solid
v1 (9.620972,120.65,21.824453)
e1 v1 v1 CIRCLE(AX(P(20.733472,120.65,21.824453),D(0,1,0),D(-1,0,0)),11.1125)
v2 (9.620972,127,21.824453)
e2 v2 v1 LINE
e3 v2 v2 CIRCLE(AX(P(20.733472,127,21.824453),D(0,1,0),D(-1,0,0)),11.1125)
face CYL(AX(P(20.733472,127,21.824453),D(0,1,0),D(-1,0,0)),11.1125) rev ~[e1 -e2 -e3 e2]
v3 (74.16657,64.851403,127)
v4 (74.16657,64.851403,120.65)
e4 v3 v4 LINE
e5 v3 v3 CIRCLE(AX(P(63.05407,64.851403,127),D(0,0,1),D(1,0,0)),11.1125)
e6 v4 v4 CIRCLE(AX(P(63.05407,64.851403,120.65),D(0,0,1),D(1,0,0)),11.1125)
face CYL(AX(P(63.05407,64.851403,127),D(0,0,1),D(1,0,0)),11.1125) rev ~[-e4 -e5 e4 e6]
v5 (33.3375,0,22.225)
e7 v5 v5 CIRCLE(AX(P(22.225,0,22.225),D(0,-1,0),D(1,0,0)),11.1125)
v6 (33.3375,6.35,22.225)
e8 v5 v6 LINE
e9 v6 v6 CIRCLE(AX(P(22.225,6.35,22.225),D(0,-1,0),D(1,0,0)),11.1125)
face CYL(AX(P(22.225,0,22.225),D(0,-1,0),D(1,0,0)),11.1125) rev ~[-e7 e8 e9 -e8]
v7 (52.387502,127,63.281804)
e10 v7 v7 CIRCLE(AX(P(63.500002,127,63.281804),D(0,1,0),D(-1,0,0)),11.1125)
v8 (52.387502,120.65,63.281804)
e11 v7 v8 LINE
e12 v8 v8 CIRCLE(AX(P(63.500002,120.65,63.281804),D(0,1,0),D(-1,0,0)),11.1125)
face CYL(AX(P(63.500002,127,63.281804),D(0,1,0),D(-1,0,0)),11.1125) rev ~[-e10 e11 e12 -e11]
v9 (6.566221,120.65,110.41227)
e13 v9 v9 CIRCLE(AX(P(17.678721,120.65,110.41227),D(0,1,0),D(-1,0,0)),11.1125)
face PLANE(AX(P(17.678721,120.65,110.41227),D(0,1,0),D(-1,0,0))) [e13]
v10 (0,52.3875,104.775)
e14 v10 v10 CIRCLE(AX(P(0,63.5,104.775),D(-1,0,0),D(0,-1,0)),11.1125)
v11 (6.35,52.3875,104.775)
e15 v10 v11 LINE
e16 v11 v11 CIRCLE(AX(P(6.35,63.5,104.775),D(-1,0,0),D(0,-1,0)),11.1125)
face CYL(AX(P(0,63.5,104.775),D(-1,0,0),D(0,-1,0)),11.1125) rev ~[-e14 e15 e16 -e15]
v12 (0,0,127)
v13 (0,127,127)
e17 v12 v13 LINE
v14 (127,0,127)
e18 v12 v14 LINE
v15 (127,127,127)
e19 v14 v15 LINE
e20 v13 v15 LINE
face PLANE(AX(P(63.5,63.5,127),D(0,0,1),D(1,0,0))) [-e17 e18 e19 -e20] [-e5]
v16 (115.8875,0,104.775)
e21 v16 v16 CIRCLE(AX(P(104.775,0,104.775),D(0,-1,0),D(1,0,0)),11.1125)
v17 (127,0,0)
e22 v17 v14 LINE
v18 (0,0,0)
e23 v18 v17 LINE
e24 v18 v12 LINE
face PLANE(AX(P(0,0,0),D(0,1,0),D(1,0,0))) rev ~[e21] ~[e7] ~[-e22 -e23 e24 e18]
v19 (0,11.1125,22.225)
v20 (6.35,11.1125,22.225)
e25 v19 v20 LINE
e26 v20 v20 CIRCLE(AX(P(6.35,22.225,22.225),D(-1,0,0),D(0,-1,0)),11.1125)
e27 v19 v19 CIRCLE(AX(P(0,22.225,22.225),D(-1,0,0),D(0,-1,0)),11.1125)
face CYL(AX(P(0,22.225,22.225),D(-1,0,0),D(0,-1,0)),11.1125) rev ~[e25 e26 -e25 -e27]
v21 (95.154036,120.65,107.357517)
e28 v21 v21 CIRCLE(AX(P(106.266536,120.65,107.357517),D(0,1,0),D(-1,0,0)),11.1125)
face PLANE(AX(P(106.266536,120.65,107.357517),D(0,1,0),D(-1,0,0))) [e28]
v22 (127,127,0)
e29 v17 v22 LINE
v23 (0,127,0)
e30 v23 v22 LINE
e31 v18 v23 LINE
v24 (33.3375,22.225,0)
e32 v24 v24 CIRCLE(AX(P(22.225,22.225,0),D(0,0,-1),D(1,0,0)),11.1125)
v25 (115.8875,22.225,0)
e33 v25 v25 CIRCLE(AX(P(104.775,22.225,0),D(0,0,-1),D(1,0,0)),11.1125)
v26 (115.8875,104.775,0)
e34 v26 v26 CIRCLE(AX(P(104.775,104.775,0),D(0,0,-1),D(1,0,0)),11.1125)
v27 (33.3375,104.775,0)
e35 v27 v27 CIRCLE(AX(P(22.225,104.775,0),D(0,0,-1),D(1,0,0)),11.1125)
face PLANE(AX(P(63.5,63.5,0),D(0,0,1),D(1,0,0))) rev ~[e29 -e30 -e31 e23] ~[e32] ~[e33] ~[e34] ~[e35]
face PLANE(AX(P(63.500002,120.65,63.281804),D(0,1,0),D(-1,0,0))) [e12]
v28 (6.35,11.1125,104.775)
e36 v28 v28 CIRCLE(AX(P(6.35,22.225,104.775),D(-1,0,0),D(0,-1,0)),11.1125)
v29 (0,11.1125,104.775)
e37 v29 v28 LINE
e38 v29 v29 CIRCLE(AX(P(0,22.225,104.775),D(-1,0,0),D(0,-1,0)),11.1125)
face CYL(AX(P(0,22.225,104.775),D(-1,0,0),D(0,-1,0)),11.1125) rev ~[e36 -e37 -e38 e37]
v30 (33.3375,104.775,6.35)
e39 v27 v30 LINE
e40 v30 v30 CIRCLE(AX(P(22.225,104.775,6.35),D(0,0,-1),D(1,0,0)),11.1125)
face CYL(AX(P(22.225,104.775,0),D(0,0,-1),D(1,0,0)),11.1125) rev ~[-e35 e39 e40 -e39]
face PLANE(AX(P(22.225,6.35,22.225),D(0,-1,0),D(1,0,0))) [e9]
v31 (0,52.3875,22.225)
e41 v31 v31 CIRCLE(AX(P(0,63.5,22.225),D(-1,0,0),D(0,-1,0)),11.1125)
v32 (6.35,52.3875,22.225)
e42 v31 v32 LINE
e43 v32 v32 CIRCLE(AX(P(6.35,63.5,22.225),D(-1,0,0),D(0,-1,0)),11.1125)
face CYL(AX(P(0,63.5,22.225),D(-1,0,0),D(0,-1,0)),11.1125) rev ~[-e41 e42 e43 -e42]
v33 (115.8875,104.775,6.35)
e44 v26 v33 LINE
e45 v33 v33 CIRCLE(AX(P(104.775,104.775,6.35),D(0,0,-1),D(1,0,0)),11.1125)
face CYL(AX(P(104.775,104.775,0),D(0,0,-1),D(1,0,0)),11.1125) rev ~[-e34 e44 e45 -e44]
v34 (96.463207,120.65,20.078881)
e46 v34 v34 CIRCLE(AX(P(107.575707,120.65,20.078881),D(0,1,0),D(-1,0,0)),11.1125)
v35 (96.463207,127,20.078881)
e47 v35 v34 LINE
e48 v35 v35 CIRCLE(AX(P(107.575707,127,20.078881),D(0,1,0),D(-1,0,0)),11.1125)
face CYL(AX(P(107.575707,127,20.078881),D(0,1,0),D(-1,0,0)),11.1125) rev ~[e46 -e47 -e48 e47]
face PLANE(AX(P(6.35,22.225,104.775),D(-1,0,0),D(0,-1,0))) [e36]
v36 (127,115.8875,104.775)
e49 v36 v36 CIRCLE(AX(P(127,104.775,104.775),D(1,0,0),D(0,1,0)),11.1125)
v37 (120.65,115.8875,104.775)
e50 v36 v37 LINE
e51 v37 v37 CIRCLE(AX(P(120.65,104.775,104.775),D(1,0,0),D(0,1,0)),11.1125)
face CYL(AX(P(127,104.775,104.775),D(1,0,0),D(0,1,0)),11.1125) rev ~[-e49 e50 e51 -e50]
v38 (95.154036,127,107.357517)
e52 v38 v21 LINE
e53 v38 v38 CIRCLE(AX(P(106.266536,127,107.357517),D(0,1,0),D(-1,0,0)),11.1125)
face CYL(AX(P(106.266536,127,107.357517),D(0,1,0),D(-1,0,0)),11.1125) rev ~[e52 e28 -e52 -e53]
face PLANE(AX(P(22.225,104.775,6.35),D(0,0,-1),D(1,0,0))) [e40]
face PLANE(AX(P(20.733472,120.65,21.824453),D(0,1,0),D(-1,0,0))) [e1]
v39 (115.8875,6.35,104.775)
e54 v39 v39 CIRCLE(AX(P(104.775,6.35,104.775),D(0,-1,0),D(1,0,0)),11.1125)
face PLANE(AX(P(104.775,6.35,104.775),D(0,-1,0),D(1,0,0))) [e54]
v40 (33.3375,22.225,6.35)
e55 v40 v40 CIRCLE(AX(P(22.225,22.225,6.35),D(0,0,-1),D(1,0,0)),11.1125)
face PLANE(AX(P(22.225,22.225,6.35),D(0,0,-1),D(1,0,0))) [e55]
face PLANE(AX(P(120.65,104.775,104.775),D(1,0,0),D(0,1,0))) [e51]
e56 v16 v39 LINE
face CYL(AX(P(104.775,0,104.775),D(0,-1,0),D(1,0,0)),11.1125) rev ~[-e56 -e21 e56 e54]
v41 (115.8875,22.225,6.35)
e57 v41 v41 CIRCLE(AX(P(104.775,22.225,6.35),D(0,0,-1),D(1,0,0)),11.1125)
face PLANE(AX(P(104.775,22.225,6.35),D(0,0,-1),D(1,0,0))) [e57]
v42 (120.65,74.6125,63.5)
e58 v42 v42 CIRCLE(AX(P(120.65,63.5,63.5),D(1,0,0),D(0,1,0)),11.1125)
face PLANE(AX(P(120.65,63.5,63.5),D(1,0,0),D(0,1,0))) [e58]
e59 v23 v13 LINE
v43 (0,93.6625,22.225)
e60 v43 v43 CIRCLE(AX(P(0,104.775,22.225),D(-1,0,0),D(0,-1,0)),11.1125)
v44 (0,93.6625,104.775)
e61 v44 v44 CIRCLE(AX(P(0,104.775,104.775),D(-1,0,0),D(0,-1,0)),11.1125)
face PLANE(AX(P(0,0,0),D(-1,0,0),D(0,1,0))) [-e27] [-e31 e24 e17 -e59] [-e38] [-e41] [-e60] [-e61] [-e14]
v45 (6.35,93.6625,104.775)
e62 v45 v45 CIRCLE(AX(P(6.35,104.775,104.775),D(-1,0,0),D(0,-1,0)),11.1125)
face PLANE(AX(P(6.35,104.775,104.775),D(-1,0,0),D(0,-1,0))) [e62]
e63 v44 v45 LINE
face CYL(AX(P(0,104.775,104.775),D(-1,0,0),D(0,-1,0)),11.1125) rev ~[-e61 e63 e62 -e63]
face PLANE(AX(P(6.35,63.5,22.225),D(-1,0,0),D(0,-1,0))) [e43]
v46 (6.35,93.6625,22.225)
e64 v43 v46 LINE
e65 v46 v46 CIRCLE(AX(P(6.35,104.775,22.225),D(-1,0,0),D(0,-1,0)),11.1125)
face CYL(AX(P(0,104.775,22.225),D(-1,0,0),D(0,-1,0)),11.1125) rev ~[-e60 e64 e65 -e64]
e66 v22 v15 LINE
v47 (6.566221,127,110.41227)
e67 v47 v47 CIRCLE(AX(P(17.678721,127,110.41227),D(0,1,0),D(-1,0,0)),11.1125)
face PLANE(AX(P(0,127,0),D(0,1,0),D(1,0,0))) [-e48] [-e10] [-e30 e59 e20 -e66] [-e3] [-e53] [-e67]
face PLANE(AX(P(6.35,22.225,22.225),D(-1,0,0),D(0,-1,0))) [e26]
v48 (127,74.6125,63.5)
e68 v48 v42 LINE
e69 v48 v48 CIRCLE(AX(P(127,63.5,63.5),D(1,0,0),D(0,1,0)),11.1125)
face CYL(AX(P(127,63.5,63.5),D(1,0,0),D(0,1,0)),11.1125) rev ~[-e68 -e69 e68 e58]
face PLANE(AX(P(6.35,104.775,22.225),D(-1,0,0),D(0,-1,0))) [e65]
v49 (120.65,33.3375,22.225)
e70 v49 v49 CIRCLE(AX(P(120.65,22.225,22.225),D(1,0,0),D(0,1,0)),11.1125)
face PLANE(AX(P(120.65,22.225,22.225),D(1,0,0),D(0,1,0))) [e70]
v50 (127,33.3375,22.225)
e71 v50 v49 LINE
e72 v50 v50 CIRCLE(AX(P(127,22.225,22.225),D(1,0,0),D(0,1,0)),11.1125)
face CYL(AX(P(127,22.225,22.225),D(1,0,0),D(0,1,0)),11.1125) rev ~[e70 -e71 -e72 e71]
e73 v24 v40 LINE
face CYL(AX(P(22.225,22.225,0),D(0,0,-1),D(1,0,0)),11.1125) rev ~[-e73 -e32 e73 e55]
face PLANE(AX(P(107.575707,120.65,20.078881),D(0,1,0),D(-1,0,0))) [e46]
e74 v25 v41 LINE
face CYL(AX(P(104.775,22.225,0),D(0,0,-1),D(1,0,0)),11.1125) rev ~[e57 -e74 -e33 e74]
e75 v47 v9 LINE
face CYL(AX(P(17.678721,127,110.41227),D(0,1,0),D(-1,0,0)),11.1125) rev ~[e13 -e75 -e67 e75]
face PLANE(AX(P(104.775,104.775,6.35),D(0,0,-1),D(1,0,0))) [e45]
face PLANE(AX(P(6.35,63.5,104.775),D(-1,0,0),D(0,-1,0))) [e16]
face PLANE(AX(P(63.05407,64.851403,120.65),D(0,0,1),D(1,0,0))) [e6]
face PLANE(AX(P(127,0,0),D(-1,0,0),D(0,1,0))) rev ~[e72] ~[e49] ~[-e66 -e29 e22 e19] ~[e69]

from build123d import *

# Parameters (mm, degrees)
F0_W      = 127
F0_H      = 127
F1_DEPTH  = 127
F2_R      = 11.1125
F3_DEPTH  = 6.35
F6_R      = 11.1125
F7_DEPTH  = 6.35
F5_R      = 11.1125
F8_DEPTH  = 6.35
F10_R     = 11.1125
F11_DEPTH = 6.35
F13_R     = 11.1125
F14_DEPTH = 6.35
F15_R     = 11.1125
F16_DEPTH = 6.35


with BuildPart() as f1:
    # F0 (on Top) → F1 (new body)
    with BuildSketch(Plane.XY):
        with Locations((63.5, 63.5)):
            Rectangle(F0_W, F0_H)
    extrude(amount=F1_DEPTH)

    # F2 (on face) → F3 (cut)
    with BuildSketch(Plane.XY.offset(127)):
        with Locations((63.05407, 64.851403)):
            Circle(F2_R)
    extrude(amount=-F3_DEPTH, mode=Mode.SUBTRACT)

    # F6 (on face) → F7 (cut)
    with BuildSketch(Plane.YZ.offset(127)):
        with Locations((22.225, 22.225)):
            Circle(F6_R)
        with Locations((63.5, 63.5)):
            Circle(F6_R)
        with Locations((104.775, 104.775)):
            Circle(F6_R)
    extrude(amount=-F7_DEPTH, mode=Mode.SUBTRACT)

    # F5 (on face) → F8 (cut)
    with BuildSketch(Plane.XZ):
        with Locations((22.225, 22.225)):
            Circle(F5_R)
        with Locations((104.775, 104.775)):
            Circle(F5_R)
    extrude(amount=-F8_DEPTH, mode=Mode.SUBTRACT)

    # F10 (on face) → F11 (cut)
    with BuildSketch(Plane(origin=(0, 0, 0), x_dir=(1, 0, 0), z_dir=(0, 0, -1))):
        with Locations((104.775, -104.775)):
            Circle(F10_R)
        with Locations((104.775, -22.225)):
            Circle(F10_R)
        with Locations((22.225, -104.775)):
            Circle(F10_R)
        with Locations((22.225, -22.225)):
            Circle(F10_R)
    extrude(amount=-F11_DEPTH, mode=Mode.SUBTRACT)

    # F13 (on face) → F14 (cut)
    with BuildSketch(Plane(origin=(0, 127, 0), x_dir=(-1, 0, 0), z_dir=(0, 1, 0))):
        with Locations((-20.733472, 21.824453)):
            Circle(F13_R)
        with Locations((-63.500002, 63.281804)):
            Circle(F13_R)
        with Locations((-107.575707, 20.078881)):
            Circle(F13_R)
        with Locations((-106.266536, 107.357517)):
            Circle(F13_R)
        with Locations((-17.678721, 110.41227)):
            Circle(F13_R)
    extrude(amount=-F14_DEPTH, mode=Mode.SUBTRACT)

    # F15 (on face) → F16 (cut)
    with BuildSketch(Plane(origin=(0, 0, 0), x_dir=(0, -1, 0), z_dir=(-1, 0, 0))):
        with Locations((-22.225, 104.775)):
            Circle(F15_R)
        with Locations((-63.5, 104.775)):
            Circle(F15_R)
        with Locations((-104.775, 104.775)):
            Circle(F15_R)
        with Locations((-22.225, 22.225)):
            Circle(F15_R)
        with Locations((-63.5, 22.225)):
            Circle(F15_R)
        with Locations((-104.775, 22.225)):
            Circle(F15_R)
    extrude(amount=-F16_DEPTH, mode=Mode.SUBTRACT)


solid = f1.part
